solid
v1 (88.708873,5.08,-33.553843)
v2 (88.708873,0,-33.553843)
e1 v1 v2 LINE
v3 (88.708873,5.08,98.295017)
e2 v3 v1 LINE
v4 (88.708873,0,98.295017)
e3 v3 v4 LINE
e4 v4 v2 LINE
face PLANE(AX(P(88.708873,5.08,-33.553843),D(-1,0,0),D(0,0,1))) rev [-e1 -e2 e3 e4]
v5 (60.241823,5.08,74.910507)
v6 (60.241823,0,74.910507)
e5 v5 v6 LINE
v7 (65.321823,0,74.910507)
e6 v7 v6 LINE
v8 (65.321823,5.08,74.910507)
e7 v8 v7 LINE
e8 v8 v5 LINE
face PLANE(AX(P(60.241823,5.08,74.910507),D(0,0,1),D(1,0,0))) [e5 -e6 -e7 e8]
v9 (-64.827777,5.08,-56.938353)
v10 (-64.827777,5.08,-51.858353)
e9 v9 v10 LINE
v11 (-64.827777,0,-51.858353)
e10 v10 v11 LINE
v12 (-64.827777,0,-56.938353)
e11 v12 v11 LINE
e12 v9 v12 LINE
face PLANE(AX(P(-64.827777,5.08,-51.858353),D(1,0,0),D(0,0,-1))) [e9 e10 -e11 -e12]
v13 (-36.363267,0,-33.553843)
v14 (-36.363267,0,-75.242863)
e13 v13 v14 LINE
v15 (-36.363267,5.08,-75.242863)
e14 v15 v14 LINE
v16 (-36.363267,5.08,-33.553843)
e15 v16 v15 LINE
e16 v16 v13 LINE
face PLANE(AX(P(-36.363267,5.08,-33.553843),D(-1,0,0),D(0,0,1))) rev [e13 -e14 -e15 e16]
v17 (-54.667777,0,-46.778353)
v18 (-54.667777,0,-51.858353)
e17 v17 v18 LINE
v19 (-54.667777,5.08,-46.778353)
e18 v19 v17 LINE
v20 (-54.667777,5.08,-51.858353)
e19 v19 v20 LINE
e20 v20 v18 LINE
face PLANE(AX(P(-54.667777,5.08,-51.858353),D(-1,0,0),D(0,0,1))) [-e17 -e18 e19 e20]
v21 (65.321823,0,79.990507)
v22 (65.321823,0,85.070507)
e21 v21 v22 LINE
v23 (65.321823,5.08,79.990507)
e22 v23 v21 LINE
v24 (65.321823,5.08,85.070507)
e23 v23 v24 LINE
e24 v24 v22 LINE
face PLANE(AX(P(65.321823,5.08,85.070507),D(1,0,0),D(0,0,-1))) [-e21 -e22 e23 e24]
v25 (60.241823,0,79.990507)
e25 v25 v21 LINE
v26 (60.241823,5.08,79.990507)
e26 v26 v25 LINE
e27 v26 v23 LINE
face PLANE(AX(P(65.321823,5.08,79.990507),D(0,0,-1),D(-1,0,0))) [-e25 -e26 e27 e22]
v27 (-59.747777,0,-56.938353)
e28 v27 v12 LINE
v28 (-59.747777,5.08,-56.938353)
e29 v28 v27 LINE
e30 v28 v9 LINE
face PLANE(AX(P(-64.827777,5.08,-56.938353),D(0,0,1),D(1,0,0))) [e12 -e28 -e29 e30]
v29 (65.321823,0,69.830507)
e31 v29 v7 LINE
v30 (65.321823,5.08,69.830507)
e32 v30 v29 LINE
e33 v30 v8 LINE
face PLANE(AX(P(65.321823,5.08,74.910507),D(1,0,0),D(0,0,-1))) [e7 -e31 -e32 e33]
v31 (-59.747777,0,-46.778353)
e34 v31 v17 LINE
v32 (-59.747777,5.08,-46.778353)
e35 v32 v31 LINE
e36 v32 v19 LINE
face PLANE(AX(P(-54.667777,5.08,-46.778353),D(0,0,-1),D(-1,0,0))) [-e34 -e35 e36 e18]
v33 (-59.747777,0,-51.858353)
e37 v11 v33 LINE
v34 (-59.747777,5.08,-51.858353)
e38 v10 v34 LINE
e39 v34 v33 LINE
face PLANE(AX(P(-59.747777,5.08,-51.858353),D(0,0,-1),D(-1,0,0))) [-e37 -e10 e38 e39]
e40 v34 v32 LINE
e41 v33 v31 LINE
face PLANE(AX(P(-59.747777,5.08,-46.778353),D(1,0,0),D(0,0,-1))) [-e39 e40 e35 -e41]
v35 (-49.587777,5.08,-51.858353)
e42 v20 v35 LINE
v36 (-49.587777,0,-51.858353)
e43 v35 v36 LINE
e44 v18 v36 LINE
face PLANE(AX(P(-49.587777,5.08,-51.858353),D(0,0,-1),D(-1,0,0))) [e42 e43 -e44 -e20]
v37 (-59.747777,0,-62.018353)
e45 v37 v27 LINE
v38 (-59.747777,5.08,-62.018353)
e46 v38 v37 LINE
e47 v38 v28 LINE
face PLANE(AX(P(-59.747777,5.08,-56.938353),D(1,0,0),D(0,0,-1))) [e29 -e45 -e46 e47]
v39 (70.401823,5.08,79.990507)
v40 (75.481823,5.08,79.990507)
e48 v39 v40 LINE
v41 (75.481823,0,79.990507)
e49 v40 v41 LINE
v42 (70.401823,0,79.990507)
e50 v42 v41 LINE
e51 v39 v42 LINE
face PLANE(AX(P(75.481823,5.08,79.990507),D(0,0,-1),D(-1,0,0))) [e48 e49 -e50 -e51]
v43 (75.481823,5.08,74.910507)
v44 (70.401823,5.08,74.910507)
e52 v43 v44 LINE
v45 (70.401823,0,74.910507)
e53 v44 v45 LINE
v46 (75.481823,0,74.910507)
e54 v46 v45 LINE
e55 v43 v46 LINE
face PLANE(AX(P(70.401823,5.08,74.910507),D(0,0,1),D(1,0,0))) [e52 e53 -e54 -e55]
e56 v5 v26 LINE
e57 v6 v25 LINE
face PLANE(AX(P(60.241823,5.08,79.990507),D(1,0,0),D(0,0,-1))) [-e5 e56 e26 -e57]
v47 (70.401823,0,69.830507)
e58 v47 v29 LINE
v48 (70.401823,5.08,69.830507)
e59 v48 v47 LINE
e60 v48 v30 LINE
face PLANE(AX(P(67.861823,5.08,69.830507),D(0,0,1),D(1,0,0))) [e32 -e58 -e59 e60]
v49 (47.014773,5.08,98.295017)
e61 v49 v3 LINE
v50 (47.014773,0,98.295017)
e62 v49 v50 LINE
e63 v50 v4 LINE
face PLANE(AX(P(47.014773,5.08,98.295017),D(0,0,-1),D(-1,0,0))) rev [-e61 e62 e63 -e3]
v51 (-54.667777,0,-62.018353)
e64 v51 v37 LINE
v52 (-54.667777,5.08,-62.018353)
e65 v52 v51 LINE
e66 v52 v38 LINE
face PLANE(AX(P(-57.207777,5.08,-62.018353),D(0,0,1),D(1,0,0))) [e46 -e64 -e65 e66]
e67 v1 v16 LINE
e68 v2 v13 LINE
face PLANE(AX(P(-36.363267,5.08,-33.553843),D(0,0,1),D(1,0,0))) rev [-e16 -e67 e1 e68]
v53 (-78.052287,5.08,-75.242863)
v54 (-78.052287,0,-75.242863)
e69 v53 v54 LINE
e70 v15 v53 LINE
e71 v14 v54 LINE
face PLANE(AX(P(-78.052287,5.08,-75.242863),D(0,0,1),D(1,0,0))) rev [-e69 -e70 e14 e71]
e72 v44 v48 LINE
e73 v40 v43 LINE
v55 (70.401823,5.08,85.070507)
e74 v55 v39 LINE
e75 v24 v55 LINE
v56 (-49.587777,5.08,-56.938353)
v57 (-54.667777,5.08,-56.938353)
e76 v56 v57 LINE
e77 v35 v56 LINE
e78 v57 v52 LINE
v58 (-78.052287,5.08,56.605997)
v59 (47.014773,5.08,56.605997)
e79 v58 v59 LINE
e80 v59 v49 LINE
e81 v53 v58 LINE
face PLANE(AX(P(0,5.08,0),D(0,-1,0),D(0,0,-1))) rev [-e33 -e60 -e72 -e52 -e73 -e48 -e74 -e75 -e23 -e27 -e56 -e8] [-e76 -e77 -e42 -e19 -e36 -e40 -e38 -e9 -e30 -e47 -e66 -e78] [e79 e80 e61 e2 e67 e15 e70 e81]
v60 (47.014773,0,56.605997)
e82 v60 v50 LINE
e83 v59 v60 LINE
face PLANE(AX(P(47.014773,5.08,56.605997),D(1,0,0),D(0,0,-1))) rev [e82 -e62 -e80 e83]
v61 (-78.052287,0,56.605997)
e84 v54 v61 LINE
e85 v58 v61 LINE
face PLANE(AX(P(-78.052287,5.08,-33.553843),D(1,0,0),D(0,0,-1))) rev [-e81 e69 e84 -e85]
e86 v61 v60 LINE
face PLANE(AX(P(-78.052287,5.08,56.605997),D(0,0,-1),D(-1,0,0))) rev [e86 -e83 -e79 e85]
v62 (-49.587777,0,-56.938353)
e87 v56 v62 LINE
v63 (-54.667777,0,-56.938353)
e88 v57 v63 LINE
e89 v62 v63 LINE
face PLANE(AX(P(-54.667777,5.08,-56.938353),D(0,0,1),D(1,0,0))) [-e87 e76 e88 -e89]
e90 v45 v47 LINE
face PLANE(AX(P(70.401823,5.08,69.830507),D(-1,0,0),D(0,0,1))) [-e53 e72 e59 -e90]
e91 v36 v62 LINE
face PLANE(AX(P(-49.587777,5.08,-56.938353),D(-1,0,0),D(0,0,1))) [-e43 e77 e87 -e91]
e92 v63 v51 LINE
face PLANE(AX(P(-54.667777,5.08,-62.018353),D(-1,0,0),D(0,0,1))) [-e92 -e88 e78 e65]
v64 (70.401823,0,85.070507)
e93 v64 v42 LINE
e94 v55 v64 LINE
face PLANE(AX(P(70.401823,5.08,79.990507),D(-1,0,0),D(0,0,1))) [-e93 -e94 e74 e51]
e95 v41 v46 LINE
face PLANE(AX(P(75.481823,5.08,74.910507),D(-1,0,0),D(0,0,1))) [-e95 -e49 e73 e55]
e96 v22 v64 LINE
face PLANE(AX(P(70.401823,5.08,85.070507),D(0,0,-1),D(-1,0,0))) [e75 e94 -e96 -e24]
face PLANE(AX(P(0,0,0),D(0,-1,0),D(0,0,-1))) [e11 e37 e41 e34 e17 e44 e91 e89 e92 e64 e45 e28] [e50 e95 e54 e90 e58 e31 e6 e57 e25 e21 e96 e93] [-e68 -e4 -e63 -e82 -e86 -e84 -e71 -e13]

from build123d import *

# Parameters (mm, degrees)
BOSS_EXTRUDE1_DEPTH = 5.08


with BuildPart() as part:
    # Sketch1 → Boss-Extrude1 (new body)
    with BuildSketch(Plane(origin=(0, 0, 0), x_dir=(1, 0, 0), z_dir=(0, 1, 0))):
        Polygon((-36.363267323, 33.553843074), (88.708872677, 33.553843074), (88.708872677, -56.605996926), (88.708872677, -98.295016926), (47.014772677, -98.295016926), (47.014772677, -56.605996926), (-78.052287323, -56.605996926), (-78.052287323, 33.553843074), (-78.052287323, 75.242863074), (-36.363267323, 75.242863074), align=None)
        Polygon((-57.207777323, 62.018353074), (-54.667777323, 62.018353074), (-54.667777323, 56.938353074), (-49.587777323, 56.938353074), (-49.587777323, 54.398353074), (-49.587777323, 51.858353074), (-54.667777323, 51.858353074), (-54.667777323, 46.778353074), (-57.207777323, 46.778353074), (-59.747777323, 46.778353074), (-59.747777323, 51.858353074), (-64.827777323, 51.858353074), (-64.827777323, 54.398353074), (-64.827777323, 56.938353074), (-59.747777323, 56.938353074), (-59.747777323, 62.018353074), align=None, mode=Mode.SUBTRACT)
        Polygon((60.241822677, -77.450506926), (60.241822677, -74.910506926), (65.321822677, -74.910506926), (65.321822677, -69.830506926), (67.861822677, -69.830506926), (70.401822677, -69.830506926), (70.401822677, -74.910506926), (75.481822677, -74.910506926), (75.481822677, -77.450506926), (75.481822677, -79.990506926), (70.401822677, -79.990506926), (70.401822677, -85.070506926), (67.861822677, -85.070506926), (65.321822677, -85.070506926), (65.321822677, -79.990506926), (60.241822677, -79.990506926), align=None, mode=Mode.SUBTRACT)
    extrude(amount=BOSS_EXTRUDE1_DEPTH)


solid = part.part
